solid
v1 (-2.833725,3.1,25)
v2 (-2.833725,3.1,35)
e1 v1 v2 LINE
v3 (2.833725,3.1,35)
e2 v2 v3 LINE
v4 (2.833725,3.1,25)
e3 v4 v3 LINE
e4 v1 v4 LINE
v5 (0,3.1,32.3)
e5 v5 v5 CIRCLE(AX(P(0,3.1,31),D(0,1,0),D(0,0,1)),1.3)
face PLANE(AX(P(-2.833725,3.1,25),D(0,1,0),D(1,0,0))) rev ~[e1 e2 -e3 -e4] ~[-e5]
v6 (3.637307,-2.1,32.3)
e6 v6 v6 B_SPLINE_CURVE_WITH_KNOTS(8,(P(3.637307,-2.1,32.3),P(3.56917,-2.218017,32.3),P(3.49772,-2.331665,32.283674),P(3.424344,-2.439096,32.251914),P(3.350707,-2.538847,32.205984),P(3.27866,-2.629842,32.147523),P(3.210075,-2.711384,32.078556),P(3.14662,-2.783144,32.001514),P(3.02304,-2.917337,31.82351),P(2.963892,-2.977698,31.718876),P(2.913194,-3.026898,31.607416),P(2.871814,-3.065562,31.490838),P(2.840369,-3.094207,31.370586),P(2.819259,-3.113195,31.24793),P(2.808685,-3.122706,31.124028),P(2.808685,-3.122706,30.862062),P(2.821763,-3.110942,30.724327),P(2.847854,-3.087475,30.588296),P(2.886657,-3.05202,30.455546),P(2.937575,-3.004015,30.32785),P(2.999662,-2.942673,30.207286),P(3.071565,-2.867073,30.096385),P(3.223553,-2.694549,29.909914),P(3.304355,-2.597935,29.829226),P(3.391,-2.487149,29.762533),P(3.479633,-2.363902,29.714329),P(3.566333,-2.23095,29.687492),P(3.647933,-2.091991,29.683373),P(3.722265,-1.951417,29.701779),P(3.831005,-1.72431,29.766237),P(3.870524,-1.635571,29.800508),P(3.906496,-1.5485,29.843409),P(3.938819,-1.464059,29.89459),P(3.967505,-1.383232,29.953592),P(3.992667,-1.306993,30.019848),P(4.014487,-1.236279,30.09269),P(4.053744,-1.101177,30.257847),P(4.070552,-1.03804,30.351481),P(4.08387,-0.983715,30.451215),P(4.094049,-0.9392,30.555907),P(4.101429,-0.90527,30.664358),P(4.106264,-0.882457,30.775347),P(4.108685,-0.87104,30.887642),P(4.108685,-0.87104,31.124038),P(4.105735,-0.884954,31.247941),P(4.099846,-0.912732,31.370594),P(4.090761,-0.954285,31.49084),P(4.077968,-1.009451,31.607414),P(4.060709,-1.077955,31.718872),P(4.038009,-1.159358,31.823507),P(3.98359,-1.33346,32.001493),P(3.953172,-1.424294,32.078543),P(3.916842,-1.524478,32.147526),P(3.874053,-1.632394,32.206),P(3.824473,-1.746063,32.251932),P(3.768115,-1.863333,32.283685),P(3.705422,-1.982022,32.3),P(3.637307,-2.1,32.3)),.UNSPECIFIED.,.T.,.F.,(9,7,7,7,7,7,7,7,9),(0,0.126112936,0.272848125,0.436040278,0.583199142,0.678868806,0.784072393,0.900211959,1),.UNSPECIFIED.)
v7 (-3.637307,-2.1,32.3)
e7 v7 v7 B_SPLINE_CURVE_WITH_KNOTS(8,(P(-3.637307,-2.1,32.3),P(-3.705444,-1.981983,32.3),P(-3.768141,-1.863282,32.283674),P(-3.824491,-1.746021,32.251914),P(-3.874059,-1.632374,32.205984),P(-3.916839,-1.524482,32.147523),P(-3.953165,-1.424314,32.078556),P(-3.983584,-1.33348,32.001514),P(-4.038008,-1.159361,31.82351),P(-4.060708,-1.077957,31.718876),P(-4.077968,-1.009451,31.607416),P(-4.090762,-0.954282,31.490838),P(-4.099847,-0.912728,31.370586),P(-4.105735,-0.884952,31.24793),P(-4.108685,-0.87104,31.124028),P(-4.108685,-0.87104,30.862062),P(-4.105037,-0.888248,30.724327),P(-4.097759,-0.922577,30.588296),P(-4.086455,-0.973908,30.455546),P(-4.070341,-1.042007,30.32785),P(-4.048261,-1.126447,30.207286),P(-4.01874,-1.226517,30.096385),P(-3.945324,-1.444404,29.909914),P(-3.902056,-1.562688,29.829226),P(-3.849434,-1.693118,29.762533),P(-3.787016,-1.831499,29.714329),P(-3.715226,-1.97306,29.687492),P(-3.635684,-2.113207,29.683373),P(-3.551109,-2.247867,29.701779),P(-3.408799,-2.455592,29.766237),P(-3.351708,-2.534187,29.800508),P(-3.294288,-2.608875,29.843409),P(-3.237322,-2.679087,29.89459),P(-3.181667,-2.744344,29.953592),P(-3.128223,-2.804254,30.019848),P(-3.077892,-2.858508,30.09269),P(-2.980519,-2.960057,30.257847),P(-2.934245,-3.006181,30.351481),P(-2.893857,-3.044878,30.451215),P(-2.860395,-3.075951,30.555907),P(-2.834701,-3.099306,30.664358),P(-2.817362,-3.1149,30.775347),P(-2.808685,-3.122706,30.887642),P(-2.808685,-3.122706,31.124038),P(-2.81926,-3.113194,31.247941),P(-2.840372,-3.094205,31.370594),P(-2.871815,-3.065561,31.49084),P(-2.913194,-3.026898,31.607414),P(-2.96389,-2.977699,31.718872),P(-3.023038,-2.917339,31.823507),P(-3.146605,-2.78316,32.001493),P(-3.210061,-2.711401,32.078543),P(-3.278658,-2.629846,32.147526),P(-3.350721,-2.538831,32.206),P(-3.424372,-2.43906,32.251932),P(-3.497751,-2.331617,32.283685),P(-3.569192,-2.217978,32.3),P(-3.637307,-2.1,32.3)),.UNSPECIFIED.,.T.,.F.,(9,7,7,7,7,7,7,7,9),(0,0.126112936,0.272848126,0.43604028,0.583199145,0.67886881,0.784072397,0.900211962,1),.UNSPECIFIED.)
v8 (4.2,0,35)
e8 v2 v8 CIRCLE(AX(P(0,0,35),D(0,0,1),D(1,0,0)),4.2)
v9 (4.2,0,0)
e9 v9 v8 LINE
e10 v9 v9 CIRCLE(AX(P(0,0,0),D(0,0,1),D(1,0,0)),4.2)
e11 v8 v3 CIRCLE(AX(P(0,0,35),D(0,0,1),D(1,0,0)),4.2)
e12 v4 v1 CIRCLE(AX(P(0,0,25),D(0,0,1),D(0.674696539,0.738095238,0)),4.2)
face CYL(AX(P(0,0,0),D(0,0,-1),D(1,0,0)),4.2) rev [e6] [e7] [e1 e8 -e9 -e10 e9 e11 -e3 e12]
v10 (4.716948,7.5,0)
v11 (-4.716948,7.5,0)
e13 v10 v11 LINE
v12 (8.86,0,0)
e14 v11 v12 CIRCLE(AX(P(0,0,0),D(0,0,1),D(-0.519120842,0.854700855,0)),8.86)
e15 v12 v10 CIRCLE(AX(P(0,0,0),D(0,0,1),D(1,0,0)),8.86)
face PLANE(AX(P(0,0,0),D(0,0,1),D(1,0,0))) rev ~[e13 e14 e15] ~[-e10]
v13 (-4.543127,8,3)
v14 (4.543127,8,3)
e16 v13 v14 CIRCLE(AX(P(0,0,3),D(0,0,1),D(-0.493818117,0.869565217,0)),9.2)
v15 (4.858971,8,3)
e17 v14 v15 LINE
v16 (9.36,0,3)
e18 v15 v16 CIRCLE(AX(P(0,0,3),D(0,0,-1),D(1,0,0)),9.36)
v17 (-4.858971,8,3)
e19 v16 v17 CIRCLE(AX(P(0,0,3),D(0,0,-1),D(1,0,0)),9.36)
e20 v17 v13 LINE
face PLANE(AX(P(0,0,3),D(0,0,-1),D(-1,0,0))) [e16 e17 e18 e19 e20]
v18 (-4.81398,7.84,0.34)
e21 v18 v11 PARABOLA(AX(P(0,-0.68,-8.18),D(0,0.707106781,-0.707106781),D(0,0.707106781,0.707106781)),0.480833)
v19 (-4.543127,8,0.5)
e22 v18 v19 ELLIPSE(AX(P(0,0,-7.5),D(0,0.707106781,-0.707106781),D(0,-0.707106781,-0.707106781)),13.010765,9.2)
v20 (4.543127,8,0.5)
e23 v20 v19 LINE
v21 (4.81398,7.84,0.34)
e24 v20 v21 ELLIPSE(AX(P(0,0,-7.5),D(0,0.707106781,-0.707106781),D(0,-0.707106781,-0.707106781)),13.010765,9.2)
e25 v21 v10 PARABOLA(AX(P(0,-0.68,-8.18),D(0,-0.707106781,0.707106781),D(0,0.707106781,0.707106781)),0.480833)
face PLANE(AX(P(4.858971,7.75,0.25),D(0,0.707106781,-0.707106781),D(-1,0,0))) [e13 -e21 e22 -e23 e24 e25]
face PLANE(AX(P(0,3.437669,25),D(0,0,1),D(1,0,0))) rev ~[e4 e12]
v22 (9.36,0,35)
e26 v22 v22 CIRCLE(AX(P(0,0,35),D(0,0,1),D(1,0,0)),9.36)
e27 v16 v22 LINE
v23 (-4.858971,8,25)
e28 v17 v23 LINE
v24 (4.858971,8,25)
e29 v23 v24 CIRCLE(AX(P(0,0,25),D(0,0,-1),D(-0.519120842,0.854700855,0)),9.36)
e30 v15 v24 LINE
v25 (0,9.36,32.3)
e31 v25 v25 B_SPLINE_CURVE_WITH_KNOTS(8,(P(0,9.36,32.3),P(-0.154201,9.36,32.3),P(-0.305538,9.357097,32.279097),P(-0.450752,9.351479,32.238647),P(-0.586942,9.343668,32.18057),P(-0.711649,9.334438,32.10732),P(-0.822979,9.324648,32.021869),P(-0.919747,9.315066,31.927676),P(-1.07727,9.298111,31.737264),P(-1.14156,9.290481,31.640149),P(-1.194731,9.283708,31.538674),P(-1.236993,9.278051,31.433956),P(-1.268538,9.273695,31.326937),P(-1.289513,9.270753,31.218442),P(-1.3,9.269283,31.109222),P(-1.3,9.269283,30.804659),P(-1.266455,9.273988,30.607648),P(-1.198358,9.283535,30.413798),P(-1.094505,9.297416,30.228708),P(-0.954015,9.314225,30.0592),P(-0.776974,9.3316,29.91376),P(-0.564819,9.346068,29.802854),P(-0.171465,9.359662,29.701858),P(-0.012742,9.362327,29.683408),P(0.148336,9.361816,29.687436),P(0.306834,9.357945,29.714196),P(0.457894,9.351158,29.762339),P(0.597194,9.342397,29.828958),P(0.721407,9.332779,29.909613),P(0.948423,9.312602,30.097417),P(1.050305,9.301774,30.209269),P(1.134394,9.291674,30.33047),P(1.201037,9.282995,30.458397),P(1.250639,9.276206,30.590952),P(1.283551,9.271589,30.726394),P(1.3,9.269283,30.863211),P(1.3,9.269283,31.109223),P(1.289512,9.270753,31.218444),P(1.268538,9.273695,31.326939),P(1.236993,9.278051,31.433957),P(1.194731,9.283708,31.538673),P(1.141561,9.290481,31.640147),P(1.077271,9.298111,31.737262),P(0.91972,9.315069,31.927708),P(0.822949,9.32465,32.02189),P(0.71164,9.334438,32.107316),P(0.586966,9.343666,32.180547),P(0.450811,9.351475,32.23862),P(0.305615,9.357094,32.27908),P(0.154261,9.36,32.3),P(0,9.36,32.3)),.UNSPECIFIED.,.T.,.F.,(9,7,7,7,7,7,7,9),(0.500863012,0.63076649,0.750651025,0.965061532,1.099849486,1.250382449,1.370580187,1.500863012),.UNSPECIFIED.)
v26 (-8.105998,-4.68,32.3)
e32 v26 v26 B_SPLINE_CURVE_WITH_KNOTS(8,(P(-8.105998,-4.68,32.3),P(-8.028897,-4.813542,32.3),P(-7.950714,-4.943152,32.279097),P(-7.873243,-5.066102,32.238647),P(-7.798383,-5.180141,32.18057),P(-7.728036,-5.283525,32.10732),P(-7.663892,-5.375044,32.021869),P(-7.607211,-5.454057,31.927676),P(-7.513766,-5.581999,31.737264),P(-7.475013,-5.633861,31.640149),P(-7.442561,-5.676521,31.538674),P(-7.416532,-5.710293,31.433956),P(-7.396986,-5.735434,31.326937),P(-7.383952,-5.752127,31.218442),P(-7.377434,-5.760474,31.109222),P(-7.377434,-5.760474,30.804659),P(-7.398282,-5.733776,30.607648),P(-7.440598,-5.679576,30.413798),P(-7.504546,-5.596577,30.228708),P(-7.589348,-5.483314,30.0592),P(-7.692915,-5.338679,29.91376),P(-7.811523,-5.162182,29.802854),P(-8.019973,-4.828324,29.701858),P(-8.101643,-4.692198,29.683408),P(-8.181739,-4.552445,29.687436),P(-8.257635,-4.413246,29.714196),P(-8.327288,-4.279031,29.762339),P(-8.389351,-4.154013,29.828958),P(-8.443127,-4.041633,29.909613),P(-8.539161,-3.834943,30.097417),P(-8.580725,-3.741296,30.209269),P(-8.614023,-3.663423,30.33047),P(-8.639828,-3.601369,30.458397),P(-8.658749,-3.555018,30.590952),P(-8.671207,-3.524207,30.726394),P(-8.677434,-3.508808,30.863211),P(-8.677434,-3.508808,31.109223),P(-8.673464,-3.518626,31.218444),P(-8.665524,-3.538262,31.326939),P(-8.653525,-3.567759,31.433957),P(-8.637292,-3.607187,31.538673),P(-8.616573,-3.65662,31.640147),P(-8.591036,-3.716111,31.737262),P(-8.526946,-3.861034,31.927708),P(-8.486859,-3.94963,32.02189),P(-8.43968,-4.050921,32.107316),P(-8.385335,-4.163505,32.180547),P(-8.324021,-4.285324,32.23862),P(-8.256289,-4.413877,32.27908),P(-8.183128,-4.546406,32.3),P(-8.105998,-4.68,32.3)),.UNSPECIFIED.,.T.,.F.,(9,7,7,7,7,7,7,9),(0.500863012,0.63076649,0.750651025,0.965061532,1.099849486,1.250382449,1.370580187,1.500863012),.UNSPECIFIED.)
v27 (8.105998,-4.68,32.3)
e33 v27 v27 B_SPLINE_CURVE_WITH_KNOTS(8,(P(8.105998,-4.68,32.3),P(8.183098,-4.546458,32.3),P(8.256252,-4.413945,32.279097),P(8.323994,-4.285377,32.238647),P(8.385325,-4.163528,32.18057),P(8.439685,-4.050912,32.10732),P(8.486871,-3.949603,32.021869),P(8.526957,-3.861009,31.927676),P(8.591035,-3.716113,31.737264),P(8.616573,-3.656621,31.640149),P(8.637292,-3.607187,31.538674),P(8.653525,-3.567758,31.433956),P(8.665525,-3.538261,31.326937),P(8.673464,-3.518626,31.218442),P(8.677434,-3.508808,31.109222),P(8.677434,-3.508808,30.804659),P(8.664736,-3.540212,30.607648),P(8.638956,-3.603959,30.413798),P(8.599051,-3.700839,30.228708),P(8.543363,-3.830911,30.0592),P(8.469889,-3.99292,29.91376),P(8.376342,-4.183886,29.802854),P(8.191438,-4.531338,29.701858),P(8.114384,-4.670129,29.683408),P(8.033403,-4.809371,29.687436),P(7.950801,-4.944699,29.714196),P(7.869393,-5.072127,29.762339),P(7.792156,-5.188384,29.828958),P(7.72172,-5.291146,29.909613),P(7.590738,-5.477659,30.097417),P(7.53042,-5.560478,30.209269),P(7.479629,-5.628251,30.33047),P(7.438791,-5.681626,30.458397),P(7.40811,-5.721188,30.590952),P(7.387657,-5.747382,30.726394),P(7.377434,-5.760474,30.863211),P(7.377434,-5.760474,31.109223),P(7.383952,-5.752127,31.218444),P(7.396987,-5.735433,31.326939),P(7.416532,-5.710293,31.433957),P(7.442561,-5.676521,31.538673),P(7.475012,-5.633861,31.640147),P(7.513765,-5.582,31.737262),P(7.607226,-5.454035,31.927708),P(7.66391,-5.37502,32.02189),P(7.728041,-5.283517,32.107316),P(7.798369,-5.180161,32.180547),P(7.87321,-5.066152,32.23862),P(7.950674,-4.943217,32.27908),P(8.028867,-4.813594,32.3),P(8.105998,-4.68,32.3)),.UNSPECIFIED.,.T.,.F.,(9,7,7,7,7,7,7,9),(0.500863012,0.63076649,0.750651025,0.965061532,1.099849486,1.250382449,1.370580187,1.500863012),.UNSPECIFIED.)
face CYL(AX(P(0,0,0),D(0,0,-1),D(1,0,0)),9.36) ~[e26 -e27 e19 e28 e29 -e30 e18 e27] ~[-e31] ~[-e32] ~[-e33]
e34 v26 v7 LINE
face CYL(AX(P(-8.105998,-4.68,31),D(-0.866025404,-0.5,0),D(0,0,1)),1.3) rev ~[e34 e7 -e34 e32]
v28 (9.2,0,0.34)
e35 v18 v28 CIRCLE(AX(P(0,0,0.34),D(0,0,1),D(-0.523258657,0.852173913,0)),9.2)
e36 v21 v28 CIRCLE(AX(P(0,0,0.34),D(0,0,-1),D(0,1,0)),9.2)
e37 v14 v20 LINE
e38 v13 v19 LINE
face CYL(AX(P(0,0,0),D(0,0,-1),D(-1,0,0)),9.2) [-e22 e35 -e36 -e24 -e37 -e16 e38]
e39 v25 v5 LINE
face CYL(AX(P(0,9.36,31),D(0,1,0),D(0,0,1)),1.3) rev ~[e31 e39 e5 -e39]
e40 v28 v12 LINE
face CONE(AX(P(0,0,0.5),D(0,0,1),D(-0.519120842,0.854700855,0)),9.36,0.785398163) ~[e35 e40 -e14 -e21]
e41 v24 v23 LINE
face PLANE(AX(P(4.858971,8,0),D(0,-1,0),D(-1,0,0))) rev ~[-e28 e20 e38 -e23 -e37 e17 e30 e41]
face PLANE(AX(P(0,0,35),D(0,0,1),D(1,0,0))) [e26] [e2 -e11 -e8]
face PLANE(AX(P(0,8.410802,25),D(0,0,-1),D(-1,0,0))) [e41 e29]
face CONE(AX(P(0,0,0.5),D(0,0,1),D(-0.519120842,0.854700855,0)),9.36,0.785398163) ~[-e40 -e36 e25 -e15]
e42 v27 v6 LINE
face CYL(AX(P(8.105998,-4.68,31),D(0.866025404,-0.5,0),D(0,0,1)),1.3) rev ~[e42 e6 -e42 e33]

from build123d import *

# Parameters (mm, degrees)
SKETCH_2_R               = 9.36
SKETCH_2_R_2             = 4.2
EXTRUDE_1_DEPTH          = 35
EXTRUDE_START            = -10
EXTRUDE_2_DEPTH          = 10
CUT_EXTRUDE_1_REACH      = 42.78
SKETCH_3_R               = 1.3
PATTERN_CIRCULAR_1_COUNT = 3
CUT_EXTRUDE_2_DEPTH      = 25
CHAMFER_1_SIZE           = 0.5
SKETCH_7_R               = 9.5
SKETCH_7_R_2             = 9.2
CUT_EXTRUDE_3_DEPTH      = 3


with BuildPart() as part:
    # Эскиз2 → Бобышка-Вытянуть1 (new body)
    with BuildSketch(Plane.XY):
        Circle(SKETCH_2_R)
        Circle(SKETCH_2_R_2, mode=Mode.SUBTRACT)
    extrude(amount=EXTRUDE_1_DEPTH)

    # Эскиз4 → Бобышка-Вытянуть2 (add)
    with BuildSketch(Plane.XY.offset(35).offset(EXTRUDE_START)):
        with BuildLine():
            Line((-2.833725463, 3.1), (2.833725463, 3.1))
            ThreePointArc((2.833725463, 3.1), (0, 4.2), (-2.833725463, 3.1))
        make_face()
    extrude(amount=EXTRUDE_2_DEPTH)

    # Эскиз3 → Вырез-Вытянуть1 (cut, up to next)
    with BuildSketch(Plane(origin=(0, 9.36, 0), x_dir=(1, 0, 0), z_dir=(0, 1, 0)), mode=Mode.PRIVATE) as cut_extrude_1_sk1:
        with Locations(Location((0, -31, 0), (0, 0, 270))):
            Circle(SKETCH_3_R)
    cut_extrude_1_tool1 = extrude(cut_extrude_1_sk1.sketch, amount=-CUT_EXTRUDE_1_REACH, mode=Mode.PRIVATE) & part.part
    cut_extrude_1 = cut_extrude_1_tool1.solids().sort_by_distance((0, 9.36, 31))[0]
    add(cut_extrude_1, mode=Mode.SUBTRACT)

    # Круговой массив1: Вырез-Вытянуть1 ×3 about axis
    pattern_circular_1_axis = Axis((0, 0, 35), (0, 0, -1))
    for i in range(1, PATTERN_CIRCULAR_1_COUNT):
        add(cut_extrude_1.rotate(pattern_circular_1_axis, i * 360 / PATTERN_CIRCULAR_1_COUNT), mode=Mode.SUBTRACT)

    # Эскиз5 → Вырез-Вытянуть2 (cut)
    with BuildSketch(Plane(origin=(0, 0, 0), x_dir=(-1, 0, 0), z_dir=(0, 0, -1))):
        with BuildLine():
            Line((-4.858971084, 8), (4.858971084, 8))
            ThreePointArc((4.858971084, 8), (0, 9.36), (-4.858971084, 8))
        make_face()
    extrude(amount=-CUT_EXTRUDE_2_DEPTH, mode=Mode.SUBTRACT)

    # Фаска1
    chamfer_1_edges = [part.edges().sort_by_distance(p)[0] for p in [
        (-4.589642178, -8.157498678, 0),
        (0, 8, 0),
    ]]
    chamfer(chamfer_1_edges, length=CHAMFER_1_SIZE)

    # Эскиз7 → Вырез-Вытянуть3 (cut)
    with BuildSketch(Plane(origin=(0, 0, 0), x_dir=(-1, 0, 0), z_dir=(0, 0, -1))):
        Circle(SKETCH_7_R)
        Circle(SKETCH_7_R_2, mode=Mode.SUBTRACT)
    extrude(amount=-CUT_EXTRUDE_3_DEPTH, mode=Mode.SUBTRACT)


solid = part.part
